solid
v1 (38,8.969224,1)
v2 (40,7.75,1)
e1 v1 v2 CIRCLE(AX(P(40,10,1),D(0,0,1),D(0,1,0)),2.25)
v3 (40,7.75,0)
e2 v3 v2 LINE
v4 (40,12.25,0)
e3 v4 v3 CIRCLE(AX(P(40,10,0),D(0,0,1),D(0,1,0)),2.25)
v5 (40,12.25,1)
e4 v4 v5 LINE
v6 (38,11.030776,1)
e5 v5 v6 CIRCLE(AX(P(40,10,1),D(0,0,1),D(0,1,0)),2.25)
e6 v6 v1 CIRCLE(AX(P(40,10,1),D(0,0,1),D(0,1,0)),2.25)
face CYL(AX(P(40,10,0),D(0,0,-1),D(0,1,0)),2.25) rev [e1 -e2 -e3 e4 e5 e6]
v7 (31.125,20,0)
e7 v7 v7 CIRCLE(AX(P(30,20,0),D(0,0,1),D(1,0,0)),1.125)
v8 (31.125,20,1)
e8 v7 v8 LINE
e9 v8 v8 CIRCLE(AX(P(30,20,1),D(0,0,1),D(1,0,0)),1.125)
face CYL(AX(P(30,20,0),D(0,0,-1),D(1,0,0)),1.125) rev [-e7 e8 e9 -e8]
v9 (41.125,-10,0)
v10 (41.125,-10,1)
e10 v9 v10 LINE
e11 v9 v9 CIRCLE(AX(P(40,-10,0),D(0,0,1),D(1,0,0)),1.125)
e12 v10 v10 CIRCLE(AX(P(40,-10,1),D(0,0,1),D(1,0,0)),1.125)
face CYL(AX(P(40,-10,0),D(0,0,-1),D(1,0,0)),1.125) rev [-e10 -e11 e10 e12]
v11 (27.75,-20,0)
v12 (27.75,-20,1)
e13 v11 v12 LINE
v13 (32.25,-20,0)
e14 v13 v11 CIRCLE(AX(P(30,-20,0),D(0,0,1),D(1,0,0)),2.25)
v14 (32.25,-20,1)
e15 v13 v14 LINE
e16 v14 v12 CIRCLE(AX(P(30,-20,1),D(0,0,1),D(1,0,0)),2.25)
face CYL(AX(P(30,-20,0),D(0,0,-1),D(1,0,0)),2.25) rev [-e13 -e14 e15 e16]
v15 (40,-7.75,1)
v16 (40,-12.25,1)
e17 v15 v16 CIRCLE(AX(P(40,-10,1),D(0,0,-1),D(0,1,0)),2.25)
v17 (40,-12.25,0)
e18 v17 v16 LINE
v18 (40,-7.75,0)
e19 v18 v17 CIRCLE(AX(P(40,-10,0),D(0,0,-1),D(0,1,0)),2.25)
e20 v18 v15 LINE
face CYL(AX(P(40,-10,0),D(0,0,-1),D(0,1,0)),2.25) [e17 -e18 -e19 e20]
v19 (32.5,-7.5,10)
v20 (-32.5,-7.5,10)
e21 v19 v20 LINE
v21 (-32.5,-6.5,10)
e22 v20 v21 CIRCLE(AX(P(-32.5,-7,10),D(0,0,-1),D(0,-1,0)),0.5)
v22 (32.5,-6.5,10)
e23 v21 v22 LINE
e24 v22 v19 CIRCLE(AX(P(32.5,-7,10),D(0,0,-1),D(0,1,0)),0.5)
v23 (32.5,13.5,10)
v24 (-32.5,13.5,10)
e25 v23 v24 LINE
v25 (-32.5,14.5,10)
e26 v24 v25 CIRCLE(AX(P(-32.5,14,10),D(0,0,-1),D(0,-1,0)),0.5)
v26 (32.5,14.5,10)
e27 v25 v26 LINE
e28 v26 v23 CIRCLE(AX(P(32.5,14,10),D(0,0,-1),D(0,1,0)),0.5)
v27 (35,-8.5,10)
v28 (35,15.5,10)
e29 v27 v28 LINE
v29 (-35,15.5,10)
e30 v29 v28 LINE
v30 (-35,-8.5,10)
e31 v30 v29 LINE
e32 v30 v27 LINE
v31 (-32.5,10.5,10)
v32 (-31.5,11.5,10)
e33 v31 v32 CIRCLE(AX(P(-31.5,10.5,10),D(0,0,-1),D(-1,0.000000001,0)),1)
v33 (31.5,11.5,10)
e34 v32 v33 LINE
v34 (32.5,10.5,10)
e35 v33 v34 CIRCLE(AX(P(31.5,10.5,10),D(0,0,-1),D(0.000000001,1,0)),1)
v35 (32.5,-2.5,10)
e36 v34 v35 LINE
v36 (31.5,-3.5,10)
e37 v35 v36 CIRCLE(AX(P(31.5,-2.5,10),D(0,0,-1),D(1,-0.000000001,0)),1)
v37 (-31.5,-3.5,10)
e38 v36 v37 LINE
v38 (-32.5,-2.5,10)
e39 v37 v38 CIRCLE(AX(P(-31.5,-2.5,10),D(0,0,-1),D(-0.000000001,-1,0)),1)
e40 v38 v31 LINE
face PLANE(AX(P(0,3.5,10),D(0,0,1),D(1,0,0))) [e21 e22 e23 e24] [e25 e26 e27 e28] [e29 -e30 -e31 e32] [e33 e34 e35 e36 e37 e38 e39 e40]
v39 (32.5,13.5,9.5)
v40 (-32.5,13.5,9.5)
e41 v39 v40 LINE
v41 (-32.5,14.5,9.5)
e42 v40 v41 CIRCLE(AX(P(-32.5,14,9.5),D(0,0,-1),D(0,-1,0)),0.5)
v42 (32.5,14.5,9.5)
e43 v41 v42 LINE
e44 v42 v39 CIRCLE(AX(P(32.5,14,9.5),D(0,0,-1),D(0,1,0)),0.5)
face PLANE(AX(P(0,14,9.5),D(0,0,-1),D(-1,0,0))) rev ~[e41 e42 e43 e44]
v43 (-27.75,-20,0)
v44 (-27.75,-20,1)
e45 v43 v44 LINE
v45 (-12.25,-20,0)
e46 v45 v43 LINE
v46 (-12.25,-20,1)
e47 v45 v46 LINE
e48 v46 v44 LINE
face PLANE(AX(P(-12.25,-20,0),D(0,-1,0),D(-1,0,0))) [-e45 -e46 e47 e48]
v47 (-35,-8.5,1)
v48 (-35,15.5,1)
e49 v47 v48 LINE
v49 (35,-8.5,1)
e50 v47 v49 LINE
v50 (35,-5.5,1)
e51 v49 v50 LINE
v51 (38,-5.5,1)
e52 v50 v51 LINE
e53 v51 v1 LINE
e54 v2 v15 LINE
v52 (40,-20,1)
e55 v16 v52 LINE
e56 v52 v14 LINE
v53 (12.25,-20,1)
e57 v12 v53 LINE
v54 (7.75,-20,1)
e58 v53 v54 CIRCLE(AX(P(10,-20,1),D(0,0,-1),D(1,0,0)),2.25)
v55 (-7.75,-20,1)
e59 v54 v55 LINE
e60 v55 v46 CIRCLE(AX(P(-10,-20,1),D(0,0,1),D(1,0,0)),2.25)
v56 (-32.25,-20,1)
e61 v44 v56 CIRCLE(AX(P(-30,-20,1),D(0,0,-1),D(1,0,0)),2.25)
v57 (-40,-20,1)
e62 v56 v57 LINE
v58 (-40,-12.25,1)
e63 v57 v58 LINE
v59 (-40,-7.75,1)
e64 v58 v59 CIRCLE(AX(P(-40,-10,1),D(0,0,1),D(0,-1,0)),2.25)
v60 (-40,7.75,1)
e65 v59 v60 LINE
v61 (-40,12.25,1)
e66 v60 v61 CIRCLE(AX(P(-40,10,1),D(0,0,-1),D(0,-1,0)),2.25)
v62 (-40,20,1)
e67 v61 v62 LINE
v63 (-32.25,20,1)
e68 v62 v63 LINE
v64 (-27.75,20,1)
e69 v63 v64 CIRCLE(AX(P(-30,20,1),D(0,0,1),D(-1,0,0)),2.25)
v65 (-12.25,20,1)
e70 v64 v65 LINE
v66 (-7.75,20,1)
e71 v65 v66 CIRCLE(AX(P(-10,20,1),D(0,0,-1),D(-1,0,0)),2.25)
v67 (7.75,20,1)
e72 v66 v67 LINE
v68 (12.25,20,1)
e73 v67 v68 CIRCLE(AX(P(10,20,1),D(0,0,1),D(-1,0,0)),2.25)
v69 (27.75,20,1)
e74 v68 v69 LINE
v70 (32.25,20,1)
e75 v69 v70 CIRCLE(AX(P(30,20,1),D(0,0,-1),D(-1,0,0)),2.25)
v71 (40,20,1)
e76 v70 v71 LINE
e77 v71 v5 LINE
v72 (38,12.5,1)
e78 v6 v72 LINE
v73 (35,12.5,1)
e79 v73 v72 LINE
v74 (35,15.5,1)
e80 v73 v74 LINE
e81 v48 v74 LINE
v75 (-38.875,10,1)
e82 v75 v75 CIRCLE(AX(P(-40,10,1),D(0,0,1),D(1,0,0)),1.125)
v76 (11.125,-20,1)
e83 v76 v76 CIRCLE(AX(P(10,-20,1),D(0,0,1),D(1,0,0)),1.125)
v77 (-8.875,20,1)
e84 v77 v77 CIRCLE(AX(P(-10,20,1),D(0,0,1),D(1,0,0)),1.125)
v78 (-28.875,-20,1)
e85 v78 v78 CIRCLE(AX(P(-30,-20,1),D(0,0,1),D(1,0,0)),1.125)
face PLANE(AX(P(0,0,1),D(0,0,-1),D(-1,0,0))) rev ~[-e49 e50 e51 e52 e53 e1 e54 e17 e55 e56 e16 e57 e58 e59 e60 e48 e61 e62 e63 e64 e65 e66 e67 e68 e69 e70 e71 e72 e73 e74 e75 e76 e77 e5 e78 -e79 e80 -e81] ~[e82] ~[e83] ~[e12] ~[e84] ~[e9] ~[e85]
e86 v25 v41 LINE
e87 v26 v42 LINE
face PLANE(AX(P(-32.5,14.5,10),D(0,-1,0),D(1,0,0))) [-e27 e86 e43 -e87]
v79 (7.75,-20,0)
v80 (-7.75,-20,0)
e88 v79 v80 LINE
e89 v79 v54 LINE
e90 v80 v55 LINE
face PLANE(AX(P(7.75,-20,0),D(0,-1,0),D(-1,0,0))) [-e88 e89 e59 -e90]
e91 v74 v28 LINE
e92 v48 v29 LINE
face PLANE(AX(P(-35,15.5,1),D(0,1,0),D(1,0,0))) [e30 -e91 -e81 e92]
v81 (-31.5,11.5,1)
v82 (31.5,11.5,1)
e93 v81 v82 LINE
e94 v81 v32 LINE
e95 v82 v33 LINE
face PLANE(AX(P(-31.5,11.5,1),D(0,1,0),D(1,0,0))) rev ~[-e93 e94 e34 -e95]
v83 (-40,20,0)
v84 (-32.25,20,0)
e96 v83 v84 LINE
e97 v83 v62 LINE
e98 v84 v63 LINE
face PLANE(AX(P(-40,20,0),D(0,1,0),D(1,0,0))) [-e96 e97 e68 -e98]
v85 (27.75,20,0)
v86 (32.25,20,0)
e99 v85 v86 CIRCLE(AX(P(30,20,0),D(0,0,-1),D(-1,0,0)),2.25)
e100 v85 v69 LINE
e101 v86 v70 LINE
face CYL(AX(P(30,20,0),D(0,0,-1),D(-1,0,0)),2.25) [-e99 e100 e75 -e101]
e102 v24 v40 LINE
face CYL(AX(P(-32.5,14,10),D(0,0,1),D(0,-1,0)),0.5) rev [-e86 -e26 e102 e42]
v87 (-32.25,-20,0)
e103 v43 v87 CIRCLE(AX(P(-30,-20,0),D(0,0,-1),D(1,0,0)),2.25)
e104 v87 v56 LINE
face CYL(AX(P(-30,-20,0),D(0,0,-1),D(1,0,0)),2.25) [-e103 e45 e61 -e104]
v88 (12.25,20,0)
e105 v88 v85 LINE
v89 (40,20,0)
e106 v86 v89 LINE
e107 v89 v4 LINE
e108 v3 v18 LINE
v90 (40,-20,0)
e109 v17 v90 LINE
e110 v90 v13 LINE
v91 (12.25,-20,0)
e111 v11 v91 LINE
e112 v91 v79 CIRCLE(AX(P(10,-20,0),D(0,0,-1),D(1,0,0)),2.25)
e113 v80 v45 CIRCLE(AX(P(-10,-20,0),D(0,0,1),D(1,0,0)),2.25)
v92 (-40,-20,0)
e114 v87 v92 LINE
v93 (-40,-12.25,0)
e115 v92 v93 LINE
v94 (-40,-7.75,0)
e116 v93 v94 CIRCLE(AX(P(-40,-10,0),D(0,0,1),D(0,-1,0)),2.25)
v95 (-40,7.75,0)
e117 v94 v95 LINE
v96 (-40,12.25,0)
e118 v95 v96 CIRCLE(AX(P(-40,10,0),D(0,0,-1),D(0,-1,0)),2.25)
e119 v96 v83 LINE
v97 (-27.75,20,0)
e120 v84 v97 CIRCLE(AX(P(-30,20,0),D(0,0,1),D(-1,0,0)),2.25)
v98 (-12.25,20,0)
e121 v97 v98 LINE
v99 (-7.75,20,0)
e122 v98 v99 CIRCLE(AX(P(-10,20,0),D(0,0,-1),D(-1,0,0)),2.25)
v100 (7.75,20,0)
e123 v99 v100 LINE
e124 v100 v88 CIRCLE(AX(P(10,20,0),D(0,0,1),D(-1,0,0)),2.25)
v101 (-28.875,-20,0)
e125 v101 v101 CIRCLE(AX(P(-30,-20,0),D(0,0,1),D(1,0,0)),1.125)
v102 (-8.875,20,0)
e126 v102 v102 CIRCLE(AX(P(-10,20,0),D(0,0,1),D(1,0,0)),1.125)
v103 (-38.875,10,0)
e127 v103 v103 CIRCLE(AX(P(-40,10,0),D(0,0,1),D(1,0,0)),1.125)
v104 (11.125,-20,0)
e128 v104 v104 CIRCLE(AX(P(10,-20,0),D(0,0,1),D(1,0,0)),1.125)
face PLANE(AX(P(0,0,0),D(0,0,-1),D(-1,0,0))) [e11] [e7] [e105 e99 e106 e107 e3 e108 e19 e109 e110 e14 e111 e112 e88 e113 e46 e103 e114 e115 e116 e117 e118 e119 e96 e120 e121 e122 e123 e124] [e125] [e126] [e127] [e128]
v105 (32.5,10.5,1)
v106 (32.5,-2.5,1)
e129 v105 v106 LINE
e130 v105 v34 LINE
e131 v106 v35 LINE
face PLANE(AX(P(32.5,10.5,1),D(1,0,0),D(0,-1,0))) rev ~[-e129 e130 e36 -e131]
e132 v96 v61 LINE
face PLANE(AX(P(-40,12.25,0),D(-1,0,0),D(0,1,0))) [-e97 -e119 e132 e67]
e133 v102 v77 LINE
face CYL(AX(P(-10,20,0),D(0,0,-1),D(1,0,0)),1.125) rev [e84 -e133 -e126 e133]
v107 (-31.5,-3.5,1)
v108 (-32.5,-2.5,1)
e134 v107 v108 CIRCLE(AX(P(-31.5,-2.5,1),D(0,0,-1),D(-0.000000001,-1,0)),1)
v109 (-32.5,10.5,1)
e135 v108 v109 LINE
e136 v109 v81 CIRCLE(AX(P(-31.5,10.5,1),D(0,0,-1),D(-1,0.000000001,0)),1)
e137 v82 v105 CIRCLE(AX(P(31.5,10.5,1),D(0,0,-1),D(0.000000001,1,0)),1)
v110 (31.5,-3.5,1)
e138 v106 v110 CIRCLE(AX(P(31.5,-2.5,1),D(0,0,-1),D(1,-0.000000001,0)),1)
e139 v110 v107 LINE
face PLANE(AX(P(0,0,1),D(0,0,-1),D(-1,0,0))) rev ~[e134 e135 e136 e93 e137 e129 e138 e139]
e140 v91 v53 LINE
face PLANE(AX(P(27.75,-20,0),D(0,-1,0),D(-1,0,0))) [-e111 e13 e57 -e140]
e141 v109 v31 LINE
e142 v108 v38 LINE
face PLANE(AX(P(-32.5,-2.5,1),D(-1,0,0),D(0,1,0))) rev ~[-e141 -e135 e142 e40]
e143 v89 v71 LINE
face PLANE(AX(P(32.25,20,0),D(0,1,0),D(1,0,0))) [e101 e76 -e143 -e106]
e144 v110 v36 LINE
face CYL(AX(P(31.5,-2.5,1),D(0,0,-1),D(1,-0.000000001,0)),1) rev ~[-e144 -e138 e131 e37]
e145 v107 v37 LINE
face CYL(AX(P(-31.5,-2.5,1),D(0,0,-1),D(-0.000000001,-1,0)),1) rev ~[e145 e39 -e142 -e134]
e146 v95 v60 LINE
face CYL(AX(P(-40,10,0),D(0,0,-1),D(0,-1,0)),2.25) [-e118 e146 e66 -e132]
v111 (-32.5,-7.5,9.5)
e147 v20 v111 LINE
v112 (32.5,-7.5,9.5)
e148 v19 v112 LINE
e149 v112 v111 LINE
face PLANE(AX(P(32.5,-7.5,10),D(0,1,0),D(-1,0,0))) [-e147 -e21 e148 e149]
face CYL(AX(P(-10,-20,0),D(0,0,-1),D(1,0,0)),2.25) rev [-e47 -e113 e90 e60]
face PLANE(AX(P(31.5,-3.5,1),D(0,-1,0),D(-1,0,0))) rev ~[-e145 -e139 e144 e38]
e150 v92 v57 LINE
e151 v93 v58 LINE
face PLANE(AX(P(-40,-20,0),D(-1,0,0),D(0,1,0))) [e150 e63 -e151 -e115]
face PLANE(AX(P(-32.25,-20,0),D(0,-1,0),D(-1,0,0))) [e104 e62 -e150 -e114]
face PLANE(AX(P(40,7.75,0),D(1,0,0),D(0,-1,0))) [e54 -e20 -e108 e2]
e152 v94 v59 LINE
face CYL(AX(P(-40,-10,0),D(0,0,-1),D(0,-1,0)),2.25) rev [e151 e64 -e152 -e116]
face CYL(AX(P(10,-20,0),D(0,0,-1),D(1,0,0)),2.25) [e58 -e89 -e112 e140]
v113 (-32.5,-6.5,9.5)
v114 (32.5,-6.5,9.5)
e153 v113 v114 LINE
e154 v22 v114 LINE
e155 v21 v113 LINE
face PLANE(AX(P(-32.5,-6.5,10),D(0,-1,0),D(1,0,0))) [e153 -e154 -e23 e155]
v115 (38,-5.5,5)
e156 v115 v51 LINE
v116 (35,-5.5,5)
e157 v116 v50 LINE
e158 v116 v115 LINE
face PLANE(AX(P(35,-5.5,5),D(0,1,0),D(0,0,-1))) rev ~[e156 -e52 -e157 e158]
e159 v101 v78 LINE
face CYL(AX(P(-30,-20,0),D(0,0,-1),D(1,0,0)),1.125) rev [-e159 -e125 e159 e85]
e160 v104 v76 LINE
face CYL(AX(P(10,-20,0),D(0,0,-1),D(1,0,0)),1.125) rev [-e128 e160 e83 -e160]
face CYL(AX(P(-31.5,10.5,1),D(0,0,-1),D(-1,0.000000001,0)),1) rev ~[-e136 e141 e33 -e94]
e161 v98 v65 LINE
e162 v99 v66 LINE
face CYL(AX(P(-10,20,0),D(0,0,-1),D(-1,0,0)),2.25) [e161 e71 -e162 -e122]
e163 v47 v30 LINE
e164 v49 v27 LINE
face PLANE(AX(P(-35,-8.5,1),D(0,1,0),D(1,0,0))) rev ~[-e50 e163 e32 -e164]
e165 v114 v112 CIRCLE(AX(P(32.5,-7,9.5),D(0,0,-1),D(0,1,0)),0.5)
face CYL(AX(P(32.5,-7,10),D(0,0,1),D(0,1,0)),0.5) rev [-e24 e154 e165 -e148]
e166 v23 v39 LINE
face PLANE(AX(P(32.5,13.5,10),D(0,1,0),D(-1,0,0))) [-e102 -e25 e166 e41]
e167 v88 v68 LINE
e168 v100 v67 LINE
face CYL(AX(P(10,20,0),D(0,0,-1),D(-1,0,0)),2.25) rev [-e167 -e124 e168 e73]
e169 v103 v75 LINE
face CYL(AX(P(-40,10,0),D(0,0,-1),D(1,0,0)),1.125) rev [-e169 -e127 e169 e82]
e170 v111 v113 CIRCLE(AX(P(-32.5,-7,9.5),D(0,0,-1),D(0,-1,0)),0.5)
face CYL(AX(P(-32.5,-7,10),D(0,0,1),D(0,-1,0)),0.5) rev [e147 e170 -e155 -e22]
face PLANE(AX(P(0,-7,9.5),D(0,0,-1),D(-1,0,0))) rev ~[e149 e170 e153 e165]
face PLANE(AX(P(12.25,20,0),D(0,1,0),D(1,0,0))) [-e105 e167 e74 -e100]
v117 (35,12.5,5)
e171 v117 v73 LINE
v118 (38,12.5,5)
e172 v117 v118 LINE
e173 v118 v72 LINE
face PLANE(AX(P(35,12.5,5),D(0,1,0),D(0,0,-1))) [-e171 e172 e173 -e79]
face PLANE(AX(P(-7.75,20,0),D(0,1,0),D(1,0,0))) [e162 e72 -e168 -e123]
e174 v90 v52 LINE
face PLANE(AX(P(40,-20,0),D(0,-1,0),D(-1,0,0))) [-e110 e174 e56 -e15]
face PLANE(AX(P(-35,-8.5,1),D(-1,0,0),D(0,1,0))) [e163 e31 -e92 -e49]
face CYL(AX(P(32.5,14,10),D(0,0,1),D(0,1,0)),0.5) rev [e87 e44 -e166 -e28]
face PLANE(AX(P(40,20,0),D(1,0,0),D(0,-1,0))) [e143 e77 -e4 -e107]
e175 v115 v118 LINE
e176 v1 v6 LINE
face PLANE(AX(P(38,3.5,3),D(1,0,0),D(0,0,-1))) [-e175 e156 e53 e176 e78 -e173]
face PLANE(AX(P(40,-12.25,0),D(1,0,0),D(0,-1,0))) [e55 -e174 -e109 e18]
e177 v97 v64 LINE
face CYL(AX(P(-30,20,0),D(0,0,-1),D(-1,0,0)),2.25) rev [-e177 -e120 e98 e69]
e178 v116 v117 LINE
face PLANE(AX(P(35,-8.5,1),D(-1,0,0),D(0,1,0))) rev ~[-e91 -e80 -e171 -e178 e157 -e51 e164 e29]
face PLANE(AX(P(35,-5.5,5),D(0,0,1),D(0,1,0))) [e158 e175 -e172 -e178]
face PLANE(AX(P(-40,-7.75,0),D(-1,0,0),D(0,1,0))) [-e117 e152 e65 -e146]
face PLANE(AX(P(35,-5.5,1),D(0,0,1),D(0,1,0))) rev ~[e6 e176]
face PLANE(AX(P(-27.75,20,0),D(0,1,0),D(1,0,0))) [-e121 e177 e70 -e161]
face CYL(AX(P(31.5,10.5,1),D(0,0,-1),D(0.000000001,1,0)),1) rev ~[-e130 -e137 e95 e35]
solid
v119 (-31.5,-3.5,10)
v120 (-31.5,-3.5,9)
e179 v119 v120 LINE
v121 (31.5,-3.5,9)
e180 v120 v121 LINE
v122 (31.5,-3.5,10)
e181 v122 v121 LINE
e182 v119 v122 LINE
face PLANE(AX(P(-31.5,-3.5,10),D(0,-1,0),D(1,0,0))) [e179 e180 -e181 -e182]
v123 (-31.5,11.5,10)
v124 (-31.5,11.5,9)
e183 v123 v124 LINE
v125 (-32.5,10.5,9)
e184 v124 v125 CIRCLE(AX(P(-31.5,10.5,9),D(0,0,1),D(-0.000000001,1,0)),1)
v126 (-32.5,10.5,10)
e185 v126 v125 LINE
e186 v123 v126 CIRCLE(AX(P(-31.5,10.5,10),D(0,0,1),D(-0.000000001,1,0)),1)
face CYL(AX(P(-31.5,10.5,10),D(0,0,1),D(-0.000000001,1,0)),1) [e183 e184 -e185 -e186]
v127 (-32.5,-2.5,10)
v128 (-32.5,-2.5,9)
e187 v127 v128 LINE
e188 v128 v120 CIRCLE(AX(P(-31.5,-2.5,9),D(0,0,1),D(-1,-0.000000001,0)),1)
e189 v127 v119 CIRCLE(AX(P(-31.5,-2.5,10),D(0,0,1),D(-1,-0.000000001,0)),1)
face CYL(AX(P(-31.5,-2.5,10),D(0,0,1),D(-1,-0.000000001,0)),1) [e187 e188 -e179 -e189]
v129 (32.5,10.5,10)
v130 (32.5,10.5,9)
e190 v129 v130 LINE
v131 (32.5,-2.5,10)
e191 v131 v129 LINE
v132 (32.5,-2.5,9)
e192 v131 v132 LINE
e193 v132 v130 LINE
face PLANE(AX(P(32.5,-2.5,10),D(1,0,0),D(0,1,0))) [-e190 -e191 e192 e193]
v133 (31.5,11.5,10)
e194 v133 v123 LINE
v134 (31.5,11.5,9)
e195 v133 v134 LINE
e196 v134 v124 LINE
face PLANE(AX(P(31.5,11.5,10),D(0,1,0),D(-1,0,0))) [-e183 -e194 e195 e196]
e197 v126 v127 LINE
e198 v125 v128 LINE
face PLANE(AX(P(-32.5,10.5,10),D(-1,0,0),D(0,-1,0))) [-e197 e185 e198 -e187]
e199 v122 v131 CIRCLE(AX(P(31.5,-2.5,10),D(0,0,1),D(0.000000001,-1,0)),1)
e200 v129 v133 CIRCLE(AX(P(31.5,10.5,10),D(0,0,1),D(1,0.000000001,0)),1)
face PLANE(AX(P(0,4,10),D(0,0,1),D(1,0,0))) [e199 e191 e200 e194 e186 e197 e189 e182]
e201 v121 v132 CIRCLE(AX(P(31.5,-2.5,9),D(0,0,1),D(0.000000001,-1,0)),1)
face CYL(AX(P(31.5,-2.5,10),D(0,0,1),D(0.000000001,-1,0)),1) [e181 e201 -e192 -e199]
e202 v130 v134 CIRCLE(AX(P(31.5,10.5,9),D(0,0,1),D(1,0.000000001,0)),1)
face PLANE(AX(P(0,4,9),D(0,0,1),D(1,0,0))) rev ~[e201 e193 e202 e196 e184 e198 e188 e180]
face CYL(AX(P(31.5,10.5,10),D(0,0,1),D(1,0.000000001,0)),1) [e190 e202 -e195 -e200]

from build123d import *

# Parameters (mm, degrees)
ESQUISSE1_R             = 1.125
BOSS_EXTRU_1_DEPTH      = 1
ESQUISSE2_W             = 70
ESQUISSE2_H             = 24
BOSS_EXTRU_2_DEPTH      = 9
ENL_V_MAT_EXTRU_1_DEPTH = 0.5
BOSS_EXTRU_4_DEPTH      = 1
ESQUISSE5_W             = 4
ESQUISSE5_H             = 18
BOSS_EXTRU_5_DEPTH      = 3


with BuildPart() as part:
    # Esquisse1 → Boss.-Extru.1 (new body)
    with BuildSketch(Plane.XY):
        with BuildLine():
            Line((-40, 20), (-32.25, 20))
            ThreePointArc((-32.25, 20), (-30, 17.75), (-27.75, 20))
            Line((-27.75, 20), (-12.25, 20))
            ThreePointArc((-12.25, 20), (-10, 22.25), (-7.75, 20))
            Line((-7.75, 20), (7.75, 20))
            ThreePointArc((7.75, 20), (10, 17.75), (12.25, 20))
            Line((12.25, 20), (27.75, 20))
            ThreePointArc((27.75, 20), (30, 22.25), (32.25, 20))
            Line((32.25, 20), (40, 20))
            Line((40, 20), (40, 12.25))
            ThreePointArc((40, 12.25), (37.75, 10), (40, 7.75))
            Line((40, 7.75), (40, -7.75))
            ThreePointArc((40, -7.75), (42.25, -10), (40, -12.25))
            Line((40, -12.25), (40, -20))
            Line((40, -20), (32.25, -20))
            ThreePointArc((32.25, -20), (30, -17.75), (27.75, -20))
            Line((27.75, -20), (12.25, -20))
            ThreePointArc((12.25, -20), (10, -22.25), (7.75, -20))
            Line((7.75, -20), (-7.75, -20))
            ThreePointArc((-7.75, -20), (-10, -17.75), (-12.25, -20))
            Line((-12.25, -20), (-27.75, -20))
            ThreePointArc((-27.75, -20), (-30, -22.25), (-32.25, -20))
            Line((-32.25, -20), (-40, -20))
            Line((-40, -20), (-40, -12.25))
            ThreePointArc((-40, -12.25), (-37.75, -10), (-40, -7.75))
            Line((-40, -7.75), (-40, 7.75))
            ThreePointArc((-40, 7.75), (-42.25, 10), (-40, 12.25))
            Line((-40, 12.25), (-40, 20))
        make_face()
        with Locations((-10, 20)):
            Circle(ESQUISSE1_R, mode=Mode.SUBTRACT)
        with Locations((30, 20)):
            Circle(ESQUISSE1_R, mode=Mode.SUBTRACT)
        with Locations((-40, 10)):
            Circle(ESQUISSE1_R, mode=Mode.SUBTRACT)
        with Locations((40, -10)):
            Circle(ESQUISSE1_R, mode=Mode.SUBTRACT)
        with Locations((10, -20)):
            Circle(ESQUISSE1_R, mode=Mode.SUBTRACT)
        with Locations((-30, -20)):
            Circle(ESQUISSE1_R, mode=Mode.SUBTRACT)
    extrude(amount=BOSS_EXTRU_1_DEPTH)

    # Esquisse2 → Boss.-Extru.2 (add)
    with BuildSketch(Plane.XY.offset(1)):
        with Locations((0, 3.5)):
            Rectangle(ESQUISSE2_W, ESQUISSE2_H)
        with BuildLine():
            Line((-31.5, 11.5), (31.5, 11.5))
            ThreePointArc((31.5, 11.5), (32.207106781, 11.207106781), (32.5, 10.5))
            Line((32.5, 10.5), (32.5, -2.5))
            ThreePointArc((32.5, -2.5), (32.207106781, -3.207106781), (31.5, -3.5))
            Line((31.5, -3.5), (-31.5, -3.5))
            ThreePointArc((-31.5, -3.5), (-32.207106781, -3.207106781), (-32.5, -2.5))
            Line((-32.5, -2.5), (-32.5, 10.5))
            ThreePointArc((-32.5, 10.5), (-32.207106781, 11.207106781), (-31.5, 11.5))
        make_face(mode=Mode.SUBTRACT)
    extrude(amount=BOSS_EXTRU_2_DEPTH)

    # Esquisse3 → Enlèv. mat.-Extru.1 (cut)
    with BuildSketch(Plane.XY.offset(10)):
        with BuildLine():
            Line((-32.5, 14.5), (32.5, 14.5))
            ThreePointArc((32.5, 14.5), (33, 14), (32.5, 13.5))
            Line((32.5, 13.5), (-32.5, 13.5))
            ThreePointArc((-32.5, 13.5), (-33, 14), (-32.5, 14.5))
        make_face()
        with BuildLine():
            Line((-32.5, -6.5), (32.5, -6.5))
            ThreePointArc((32.5, -6.5), (33, -7), (32.5, -7.5))
            Line((32.5, -7.5), (-32.5, -7.5))
            ThreePointArc((-32.5, -7.5), (-33, -7), (-32.5, -6.5))
        make_face()
    extrude(amount=-ENL_V_MAT_EXTRU_1_DEPTH, mode=Mode.SUBTRACT)

    # Esquisse5 → Boss.-Extru.5 (add)
    with BuildSketch(Plane(origin=(35, 0, 0), x_dir=(0, 0, -1), z_dir=(1, 0, 0))):
        with Locations((-3, 3.5)):
            Rectangle(ESQUISSE5_W, ESQUISSE5_H)
    extrude(amount=BOSS_EXTRU_5_DEPTH)


with BuildPart() as body_2:
    # Esquisse4 → Boss.-Extru.4 (new body)
    with BuildSketch(Plane.XY.offset(10)):
        with BuildLine():
            Line((32.5, -2.5), (32.5, 10.5))
            ThreePointArc((32.5, 10.5), (32.207106781, 11.207106781), (31.5, 11.5))
            Line((31.5, 11.5), (-31.5, 11.5))
            ThreePointArc((-31.5, 11.5), (-32.207106781, 11.207106781), (-32.5, 10.5))
            Line((-32.5, 10.5), (-32.5, -2.5))
            ThreePointArc((-32.5, -2.5), (-32.207106781, -3.207106781), (-31.5, -3.5))
            Line((-31.5, -3.5), (31.5, -3.5))
            ThreePointArc((31.5, -3.5), (32.207106781, -3.207106781), (32.5, -2.5))
        make_face()
    extrude(amount=-BOSS_EXTRU_4_DEPTH)


solid = Compound([part.part, body_2.part])
